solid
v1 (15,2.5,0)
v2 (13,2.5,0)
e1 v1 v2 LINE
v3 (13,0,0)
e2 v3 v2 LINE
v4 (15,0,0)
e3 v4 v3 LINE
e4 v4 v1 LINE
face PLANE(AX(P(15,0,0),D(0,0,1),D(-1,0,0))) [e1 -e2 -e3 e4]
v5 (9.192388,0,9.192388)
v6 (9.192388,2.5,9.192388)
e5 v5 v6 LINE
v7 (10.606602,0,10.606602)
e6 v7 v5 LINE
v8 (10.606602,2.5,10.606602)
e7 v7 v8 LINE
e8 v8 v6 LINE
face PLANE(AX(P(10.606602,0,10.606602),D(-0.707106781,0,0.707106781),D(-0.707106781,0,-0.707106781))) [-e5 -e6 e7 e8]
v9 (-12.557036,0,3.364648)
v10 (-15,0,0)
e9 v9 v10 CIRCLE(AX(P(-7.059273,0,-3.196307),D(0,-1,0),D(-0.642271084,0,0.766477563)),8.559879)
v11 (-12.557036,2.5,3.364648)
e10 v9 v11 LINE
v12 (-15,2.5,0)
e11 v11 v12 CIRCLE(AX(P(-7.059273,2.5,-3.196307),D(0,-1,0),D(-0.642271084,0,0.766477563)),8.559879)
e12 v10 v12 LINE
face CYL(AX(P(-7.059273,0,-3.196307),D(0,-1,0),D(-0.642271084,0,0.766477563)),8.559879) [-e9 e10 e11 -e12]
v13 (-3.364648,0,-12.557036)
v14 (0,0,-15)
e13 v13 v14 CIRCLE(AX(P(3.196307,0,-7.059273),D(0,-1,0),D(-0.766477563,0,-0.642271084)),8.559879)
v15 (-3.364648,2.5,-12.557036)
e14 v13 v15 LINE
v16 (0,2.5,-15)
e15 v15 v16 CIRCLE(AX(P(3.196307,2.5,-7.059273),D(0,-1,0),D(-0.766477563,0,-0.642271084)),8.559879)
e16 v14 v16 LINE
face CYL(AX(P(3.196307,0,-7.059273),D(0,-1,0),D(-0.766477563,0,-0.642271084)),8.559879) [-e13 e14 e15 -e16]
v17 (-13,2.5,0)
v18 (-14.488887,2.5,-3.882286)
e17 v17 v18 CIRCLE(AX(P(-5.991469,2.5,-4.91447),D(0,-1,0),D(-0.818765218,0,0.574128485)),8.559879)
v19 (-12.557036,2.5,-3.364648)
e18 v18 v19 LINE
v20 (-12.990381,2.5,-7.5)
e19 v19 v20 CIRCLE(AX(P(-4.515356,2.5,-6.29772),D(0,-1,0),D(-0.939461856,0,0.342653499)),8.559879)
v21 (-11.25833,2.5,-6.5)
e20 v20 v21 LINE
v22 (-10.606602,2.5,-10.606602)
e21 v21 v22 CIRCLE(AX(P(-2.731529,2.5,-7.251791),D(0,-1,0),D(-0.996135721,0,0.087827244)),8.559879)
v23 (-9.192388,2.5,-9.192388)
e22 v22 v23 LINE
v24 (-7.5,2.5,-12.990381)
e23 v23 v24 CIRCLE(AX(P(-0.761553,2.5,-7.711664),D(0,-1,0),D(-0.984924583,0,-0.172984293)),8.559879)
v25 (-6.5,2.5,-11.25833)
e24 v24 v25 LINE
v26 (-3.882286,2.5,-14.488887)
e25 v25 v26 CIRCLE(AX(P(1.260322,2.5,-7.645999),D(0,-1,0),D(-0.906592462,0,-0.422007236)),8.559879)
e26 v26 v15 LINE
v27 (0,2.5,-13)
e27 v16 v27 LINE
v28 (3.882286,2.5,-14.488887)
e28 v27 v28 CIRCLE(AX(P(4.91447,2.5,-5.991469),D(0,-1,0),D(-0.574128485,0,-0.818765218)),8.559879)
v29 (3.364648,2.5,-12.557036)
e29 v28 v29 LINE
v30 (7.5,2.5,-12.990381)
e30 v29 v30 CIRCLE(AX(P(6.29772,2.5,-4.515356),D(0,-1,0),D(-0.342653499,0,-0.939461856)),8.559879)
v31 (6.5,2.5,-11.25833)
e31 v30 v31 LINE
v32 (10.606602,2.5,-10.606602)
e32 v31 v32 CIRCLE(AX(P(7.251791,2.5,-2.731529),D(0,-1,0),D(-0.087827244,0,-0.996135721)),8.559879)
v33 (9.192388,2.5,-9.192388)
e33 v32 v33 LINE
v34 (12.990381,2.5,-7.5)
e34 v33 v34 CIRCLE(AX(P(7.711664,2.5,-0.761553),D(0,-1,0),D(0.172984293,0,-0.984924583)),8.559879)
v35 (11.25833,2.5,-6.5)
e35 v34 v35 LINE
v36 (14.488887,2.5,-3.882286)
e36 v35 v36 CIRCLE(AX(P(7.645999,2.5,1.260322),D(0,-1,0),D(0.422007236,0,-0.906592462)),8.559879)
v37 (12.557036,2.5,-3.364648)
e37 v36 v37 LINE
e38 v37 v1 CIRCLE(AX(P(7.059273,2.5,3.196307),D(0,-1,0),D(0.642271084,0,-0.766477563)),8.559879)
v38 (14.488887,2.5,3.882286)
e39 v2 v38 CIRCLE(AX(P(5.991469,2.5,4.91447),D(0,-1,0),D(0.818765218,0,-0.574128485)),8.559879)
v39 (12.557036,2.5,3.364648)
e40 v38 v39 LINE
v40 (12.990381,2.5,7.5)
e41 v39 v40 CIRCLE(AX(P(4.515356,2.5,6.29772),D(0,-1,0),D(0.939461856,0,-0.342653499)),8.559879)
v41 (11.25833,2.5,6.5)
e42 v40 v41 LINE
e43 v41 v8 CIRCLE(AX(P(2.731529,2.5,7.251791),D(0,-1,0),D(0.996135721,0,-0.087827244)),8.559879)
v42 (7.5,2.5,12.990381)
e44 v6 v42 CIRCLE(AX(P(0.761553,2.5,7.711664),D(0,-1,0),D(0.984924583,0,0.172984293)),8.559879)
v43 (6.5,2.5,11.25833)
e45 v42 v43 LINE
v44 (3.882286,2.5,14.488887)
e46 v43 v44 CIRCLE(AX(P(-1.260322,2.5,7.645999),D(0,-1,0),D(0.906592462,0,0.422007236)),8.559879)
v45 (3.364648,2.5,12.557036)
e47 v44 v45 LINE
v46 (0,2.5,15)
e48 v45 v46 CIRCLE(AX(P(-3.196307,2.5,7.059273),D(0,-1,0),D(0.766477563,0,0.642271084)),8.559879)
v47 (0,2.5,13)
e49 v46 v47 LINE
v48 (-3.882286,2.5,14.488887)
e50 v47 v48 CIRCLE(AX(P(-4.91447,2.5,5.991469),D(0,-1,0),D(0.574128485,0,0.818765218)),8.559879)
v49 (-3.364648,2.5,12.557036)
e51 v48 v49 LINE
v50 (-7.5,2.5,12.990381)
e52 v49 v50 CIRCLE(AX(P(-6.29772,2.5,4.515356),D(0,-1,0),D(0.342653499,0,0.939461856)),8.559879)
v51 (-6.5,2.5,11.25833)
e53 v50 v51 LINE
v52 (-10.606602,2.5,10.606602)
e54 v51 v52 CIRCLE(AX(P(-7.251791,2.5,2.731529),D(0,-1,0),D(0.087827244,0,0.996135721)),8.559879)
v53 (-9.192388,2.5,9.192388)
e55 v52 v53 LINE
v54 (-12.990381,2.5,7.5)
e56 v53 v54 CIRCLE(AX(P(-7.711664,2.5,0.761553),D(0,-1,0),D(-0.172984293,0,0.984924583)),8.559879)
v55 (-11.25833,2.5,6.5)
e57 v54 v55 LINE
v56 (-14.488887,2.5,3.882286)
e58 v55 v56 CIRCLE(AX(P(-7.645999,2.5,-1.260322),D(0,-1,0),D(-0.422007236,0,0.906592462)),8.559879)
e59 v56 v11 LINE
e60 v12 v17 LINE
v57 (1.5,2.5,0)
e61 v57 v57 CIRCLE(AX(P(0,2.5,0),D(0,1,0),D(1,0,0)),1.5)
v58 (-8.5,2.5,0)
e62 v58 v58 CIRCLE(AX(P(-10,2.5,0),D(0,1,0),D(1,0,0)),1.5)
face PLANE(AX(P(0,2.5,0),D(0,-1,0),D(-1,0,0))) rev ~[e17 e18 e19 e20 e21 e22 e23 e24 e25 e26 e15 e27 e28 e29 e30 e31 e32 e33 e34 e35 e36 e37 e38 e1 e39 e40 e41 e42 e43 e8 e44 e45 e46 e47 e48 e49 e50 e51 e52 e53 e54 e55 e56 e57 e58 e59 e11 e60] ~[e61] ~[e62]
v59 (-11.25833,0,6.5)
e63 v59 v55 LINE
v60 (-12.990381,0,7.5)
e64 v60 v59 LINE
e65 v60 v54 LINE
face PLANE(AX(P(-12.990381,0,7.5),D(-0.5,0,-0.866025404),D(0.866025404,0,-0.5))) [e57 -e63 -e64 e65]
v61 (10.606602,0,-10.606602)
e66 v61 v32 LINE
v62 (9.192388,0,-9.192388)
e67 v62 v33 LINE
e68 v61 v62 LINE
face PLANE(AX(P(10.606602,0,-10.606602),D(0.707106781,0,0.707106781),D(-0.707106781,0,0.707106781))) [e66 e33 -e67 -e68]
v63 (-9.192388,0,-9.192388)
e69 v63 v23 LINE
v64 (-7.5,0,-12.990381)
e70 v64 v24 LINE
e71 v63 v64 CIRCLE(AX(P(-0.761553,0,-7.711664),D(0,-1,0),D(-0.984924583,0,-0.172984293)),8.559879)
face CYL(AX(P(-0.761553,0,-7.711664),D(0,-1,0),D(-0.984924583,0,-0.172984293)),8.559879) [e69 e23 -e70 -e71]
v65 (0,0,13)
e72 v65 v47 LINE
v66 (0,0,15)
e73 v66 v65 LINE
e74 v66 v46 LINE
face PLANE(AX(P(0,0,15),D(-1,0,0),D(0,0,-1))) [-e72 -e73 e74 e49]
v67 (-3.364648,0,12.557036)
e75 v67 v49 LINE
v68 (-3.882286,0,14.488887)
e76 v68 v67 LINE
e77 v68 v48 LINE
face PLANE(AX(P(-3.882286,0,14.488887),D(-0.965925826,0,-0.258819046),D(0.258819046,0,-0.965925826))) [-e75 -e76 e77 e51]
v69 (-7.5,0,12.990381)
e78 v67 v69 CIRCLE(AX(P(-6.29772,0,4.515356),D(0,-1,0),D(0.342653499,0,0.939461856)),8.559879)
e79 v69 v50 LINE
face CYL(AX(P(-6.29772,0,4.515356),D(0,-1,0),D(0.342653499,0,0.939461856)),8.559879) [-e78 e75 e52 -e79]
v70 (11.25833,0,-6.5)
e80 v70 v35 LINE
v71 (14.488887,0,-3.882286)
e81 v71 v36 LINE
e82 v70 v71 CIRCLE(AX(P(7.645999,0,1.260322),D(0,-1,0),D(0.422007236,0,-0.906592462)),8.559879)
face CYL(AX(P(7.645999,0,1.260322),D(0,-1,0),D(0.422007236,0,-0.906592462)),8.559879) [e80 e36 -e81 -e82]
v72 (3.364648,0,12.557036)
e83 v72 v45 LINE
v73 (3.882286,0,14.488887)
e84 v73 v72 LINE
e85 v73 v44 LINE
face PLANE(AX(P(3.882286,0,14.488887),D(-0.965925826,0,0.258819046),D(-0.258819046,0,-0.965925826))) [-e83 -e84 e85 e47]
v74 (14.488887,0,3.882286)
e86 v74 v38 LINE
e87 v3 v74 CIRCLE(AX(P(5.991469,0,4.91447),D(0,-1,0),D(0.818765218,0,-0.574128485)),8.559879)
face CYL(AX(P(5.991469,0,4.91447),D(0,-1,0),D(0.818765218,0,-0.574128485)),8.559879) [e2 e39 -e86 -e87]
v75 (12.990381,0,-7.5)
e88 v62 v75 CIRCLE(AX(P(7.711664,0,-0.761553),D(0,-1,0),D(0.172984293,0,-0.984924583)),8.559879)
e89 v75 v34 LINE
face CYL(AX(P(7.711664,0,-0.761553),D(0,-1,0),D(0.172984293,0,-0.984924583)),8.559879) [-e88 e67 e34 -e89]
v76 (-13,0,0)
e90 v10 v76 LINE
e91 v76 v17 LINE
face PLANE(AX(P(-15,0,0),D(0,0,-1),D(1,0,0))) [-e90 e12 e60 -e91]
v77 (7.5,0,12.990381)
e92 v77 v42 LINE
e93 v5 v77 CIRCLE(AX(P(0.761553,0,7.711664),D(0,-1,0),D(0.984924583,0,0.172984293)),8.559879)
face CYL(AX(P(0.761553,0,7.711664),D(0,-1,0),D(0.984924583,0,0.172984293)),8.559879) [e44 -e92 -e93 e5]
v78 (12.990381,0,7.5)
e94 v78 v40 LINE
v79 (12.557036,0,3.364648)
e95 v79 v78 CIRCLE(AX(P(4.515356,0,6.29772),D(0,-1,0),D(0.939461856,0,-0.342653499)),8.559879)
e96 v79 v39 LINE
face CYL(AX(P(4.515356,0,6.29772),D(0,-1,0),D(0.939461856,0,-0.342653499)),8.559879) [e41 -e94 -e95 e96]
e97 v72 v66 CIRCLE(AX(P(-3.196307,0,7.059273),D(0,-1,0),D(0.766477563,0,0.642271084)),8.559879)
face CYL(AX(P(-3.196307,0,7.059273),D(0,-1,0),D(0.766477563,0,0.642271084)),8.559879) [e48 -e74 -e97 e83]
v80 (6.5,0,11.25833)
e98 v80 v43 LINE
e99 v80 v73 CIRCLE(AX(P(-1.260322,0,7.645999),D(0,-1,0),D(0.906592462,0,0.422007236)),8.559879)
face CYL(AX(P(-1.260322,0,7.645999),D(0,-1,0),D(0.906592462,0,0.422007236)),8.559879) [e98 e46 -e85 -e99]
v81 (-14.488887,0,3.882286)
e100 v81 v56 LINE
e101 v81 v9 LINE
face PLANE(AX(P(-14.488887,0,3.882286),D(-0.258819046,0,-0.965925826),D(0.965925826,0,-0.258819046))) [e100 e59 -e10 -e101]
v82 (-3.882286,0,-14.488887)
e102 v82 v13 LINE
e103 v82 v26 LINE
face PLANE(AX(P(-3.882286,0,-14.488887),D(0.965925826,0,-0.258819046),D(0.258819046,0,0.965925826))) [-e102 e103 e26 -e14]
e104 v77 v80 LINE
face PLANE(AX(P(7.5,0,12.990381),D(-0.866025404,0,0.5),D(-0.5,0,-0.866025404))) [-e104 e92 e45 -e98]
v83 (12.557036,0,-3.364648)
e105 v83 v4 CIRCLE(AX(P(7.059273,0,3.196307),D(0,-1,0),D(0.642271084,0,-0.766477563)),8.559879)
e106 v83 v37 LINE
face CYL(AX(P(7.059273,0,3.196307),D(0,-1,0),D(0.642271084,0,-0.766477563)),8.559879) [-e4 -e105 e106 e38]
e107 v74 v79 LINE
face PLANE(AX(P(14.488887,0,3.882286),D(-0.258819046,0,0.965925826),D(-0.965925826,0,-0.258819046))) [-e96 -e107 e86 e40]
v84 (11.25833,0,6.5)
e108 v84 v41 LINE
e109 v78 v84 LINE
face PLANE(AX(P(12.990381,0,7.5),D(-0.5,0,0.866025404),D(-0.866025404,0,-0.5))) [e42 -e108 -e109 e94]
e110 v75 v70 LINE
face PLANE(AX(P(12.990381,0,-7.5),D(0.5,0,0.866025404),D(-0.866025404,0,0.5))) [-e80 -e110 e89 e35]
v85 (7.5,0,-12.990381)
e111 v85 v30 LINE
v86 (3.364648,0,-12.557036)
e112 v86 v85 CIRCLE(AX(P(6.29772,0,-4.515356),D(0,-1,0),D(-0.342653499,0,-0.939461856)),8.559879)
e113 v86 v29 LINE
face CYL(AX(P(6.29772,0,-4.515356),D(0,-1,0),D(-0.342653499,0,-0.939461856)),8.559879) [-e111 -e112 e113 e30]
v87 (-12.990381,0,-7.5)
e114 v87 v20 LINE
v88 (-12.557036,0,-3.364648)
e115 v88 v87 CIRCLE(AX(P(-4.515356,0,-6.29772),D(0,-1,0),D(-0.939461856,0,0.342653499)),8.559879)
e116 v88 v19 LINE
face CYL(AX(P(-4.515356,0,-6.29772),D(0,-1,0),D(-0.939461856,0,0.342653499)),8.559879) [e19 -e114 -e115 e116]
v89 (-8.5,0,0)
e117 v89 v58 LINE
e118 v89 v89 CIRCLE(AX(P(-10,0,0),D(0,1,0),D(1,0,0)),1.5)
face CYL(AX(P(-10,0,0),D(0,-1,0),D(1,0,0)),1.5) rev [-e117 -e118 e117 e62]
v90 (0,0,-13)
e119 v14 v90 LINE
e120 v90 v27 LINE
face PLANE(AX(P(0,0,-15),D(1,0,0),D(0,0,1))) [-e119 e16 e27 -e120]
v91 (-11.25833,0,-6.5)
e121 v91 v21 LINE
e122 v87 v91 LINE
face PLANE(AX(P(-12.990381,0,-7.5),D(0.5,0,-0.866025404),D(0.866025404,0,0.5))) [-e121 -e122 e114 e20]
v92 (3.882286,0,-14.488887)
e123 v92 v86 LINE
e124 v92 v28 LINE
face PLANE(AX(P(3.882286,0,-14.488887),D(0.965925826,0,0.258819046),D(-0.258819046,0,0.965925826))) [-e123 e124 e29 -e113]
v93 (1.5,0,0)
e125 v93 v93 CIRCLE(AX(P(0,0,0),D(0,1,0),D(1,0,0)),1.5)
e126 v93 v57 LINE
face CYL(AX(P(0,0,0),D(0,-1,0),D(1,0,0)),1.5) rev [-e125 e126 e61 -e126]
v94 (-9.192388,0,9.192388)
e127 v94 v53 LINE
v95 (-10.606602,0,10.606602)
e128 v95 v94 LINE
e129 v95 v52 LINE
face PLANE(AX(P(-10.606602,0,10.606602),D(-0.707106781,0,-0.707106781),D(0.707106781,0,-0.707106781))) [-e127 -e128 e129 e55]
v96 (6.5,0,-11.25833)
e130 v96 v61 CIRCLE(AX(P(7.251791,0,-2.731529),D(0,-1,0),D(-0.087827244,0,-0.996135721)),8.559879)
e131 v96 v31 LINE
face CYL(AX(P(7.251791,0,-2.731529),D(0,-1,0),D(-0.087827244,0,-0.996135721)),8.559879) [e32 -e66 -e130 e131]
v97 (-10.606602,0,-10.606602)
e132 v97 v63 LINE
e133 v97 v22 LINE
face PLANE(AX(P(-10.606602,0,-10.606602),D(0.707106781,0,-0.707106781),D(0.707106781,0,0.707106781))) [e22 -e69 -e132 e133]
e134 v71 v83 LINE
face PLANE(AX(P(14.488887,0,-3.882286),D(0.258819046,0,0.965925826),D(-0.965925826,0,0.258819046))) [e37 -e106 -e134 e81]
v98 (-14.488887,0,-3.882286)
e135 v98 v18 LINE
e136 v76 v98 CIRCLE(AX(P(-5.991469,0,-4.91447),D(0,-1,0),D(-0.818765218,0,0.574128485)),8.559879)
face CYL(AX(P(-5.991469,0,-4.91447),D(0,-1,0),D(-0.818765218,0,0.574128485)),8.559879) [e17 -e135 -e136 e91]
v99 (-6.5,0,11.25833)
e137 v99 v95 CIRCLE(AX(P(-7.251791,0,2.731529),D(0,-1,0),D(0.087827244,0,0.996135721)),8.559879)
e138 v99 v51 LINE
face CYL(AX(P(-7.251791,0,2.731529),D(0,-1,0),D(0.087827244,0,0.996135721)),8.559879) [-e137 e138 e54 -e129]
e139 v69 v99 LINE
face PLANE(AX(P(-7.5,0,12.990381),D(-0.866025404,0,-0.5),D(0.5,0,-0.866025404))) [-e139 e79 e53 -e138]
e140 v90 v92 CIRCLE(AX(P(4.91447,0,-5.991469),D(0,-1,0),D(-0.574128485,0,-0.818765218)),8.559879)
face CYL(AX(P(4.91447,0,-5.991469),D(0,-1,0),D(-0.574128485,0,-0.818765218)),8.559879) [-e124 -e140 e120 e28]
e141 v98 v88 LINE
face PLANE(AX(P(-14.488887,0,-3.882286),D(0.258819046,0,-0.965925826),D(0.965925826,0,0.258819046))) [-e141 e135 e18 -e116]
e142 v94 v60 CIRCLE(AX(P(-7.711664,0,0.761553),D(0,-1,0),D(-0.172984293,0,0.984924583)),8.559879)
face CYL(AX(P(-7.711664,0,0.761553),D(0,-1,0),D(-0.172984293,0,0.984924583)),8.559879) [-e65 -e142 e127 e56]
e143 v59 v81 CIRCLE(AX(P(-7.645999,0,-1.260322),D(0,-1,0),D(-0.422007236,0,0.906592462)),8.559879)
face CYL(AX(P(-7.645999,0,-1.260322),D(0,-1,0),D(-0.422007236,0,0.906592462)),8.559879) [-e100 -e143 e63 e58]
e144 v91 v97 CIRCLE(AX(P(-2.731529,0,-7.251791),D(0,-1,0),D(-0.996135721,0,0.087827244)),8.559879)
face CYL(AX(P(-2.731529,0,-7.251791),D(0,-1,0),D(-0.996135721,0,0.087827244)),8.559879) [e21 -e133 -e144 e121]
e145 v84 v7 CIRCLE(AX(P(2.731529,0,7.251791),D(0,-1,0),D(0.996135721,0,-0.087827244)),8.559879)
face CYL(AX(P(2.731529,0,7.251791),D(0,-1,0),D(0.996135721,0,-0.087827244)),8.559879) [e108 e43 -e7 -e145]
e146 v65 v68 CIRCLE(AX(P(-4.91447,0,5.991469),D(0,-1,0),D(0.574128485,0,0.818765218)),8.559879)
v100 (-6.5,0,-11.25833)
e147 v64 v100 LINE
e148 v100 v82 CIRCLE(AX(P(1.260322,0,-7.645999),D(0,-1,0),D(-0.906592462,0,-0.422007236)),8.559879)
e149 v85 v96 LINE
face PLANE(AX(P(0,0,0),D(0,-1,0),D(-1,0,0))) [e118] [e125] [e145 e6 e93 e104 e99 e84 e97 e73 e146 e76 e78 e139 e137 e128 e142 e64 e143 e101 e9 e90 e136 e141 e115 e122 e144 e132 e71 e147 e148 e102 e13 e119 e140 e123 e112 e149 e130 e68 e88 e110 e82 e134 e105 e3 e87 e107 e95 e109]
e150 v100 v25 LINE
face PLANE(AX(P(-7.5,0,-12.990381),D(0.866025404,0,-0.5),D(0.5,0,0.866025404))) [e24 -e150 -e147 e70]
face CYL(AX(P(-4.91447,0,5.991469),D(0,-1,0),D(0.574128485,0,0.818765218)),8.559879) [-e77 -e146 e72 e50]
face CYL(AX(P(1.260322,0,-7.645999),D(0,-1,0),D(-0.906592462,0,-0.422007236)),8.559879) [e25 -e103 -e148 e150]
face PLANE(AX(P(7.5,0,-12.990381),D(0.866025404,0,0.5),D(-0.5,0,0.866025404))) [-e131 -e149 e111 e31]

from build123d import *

# Parameters (mm, degrees)
SKETCH_1_R      = 1.5
EXTRUDE_1_DEPTH = 2.5


with BuildPart() as part:
    # 草图1 → 凸台-拉伸1 (new body)
    with BuildSketch(Plane(origin=(0, 0, 0), x_dir=(1, 0, 0), z_dir=(0, 1, 0))):
        with BuildLine():
            Line((3.882285677, 14.488887394), (3.364647586, 12.557035742))
            ThreePointArc((3.364647586, 12.557035742), (5.405611466, 13.028620317), (7.5, 12.990381057))
            Line((7.5, 12.990381057), (6.5, 11.258330249))
            ThreePointArc((6.5, 11.258330249), (8.593474792, 11.185605648), (10.606601718, 10.606601718))
            Line((10.606601718, 10.606601718), (9.192388155, 9.192388155))
            ThreePointArc((9.192388155, 9.192388155), (11.195707011, 8.580310438), (12.990381057, 7.5))
            Line((12.990381057, 7.5), (11.258330249, 6.5))
            ThreePointArc((11.258330249, 6.5), (13.0349703, 5.390281252), (14.488887394, 3.882285677))
            Line((14.488887394, 3.882285677), (12.557035742, 3.364647586))
            ThreePointArc((12.557035742, 3.364647586), (13.985921904, 1.832913306), (15, 0))
            Line((15, 0), (13, 0))
            ThreePointArc((13, 0), (13.983756043, -1.849364653), (14.488887394, -3.882285677))
            Line((14.488887394, -3.882285677), (12.557035742, -3.364647586))
            ThreePointArc((12.557035742, -3.364647586), (13.028620317, -5.405611466), (12.990381057, -7.5))
            Line((12.990381057, -7.5), (11.258330249, -6.5))
            ThreePointArc((11.258330249, -6.5), (11.185605648, -8.593474792), (10.606601718, -10.606601718))
            Line((10.606601718, -10.606601718), (9.192388155, -9.192388155))
            ThreePointArc((9.192388155, -9.192388155), (8.580310438, -11.195707011), (7.5, -12.990381057))
            Line((7.5, -12.990381057), (6.5, -11.258330249))
            ThreePointArc((6.5, -11.258330249), (5.390281252, -13.0349703), (3.882285677, -14.488887394))
            Line((3.882285677, -14.488887394), (3.364647586, -12.557035742))
            ThreePointArc((3.364647586, -12.557035742), (1.832913306, -13.985921904), (0, -15))
            Line((0, -15), (0, -13))
            ThreePointArc((0, -13), (-1.849364653, -13.983756043), (-3.882285677, -14.488887394))
            Line((-3.882285677, -14.488887394), (-3.364647586, -12.557035742))
            ThreePointArc((-3.364647586, -12.557035742), (-5.405611466, -13.028620317), (-7.5, -12.990381057))
            Line((-7.5, -12.990381057), (-6.5, -11.258330249))
            ThreePointArc((-6.5, -11.258330249), (-8.593474792, -11.185605648), (-10.606601718, -10.606601718))
            Line((-10.606601718, -10.606601718), (-9.192388155, -9.192388155))
            ThreePointArc((-9.192388155, -9.192388155), (-11.195707011, -8.580310438), (-12.990381057, -7.5))
            Line((-12.990381057, -7.5), (-11.258330249, -6.5))
            ThreePointArc((-11.258330249, -6.5), (-13.0349703, -5.390281252), (-14.488887394, -3.882285677))
            Line((-14.488887394, -3.882285677), (-12.557035742, -3.364647586))
            ThreePointArc((-12.557035742, -3.364647586), (-13.985921904, -1.832913306), (-15, 0))
            Line((-15, 0), (-13, 0))
            ThreePointArc((-13, 0), (-13.983756043, 1.849364653), (-14.488887394, 3.882285677))
            Line((-14.488887394, 3.882285677), (-12.557035742, 3.364647586))
            ThreePointArc((-12.557035742, 3.364647586), (-13.028620317, 5.405611466), (-12.990381057, 7.5))
            Line((-12.990381057, 7.5), (-11.258330249, 6.5))
            ThreePointArc((-11.258330249, 6.5), (-11.185605648, 8.593474792), (-10.606601718, 10.606601718))
            Line((-10.606601718, 10.606601718), (-9.192388155, 9.192388155))
            ThreePointArc((-9.192388155, 9.192388155), (-8.580310438, 11.195707011), (-7.5, 12.990381057))
            Line((-7.5, 12.990381057), (-6.5, 11.258330249))
            ThreePointArc((-6.5, 11.258330249), (-5.390281252, 13.0349703), (-3.882285677, 14.488887394))
            Line((-3.882285677, 14.488887394), (-3.364647586, 12.557035742))
            ThreePointArc((-3.364647586, 12.557035742), (-1.832913306, 13.985921904), (0, 15))
            Line((0, 15), (0, 13))
            ThreePointArc((0, 13), (1.849364653, 13.983756043), (3.882285677, 14.488887394))
        make_face()
        with Locations((-10, 0)):
            Circle(SKETCH_1_R, mode=Mode.SUBTRACT)
        Circle(SKETCH_1_R, mode=Mode.SUBTRACT)
    extrude(amount=EXTRUDE_1_DEPTH)


solid = part.part
